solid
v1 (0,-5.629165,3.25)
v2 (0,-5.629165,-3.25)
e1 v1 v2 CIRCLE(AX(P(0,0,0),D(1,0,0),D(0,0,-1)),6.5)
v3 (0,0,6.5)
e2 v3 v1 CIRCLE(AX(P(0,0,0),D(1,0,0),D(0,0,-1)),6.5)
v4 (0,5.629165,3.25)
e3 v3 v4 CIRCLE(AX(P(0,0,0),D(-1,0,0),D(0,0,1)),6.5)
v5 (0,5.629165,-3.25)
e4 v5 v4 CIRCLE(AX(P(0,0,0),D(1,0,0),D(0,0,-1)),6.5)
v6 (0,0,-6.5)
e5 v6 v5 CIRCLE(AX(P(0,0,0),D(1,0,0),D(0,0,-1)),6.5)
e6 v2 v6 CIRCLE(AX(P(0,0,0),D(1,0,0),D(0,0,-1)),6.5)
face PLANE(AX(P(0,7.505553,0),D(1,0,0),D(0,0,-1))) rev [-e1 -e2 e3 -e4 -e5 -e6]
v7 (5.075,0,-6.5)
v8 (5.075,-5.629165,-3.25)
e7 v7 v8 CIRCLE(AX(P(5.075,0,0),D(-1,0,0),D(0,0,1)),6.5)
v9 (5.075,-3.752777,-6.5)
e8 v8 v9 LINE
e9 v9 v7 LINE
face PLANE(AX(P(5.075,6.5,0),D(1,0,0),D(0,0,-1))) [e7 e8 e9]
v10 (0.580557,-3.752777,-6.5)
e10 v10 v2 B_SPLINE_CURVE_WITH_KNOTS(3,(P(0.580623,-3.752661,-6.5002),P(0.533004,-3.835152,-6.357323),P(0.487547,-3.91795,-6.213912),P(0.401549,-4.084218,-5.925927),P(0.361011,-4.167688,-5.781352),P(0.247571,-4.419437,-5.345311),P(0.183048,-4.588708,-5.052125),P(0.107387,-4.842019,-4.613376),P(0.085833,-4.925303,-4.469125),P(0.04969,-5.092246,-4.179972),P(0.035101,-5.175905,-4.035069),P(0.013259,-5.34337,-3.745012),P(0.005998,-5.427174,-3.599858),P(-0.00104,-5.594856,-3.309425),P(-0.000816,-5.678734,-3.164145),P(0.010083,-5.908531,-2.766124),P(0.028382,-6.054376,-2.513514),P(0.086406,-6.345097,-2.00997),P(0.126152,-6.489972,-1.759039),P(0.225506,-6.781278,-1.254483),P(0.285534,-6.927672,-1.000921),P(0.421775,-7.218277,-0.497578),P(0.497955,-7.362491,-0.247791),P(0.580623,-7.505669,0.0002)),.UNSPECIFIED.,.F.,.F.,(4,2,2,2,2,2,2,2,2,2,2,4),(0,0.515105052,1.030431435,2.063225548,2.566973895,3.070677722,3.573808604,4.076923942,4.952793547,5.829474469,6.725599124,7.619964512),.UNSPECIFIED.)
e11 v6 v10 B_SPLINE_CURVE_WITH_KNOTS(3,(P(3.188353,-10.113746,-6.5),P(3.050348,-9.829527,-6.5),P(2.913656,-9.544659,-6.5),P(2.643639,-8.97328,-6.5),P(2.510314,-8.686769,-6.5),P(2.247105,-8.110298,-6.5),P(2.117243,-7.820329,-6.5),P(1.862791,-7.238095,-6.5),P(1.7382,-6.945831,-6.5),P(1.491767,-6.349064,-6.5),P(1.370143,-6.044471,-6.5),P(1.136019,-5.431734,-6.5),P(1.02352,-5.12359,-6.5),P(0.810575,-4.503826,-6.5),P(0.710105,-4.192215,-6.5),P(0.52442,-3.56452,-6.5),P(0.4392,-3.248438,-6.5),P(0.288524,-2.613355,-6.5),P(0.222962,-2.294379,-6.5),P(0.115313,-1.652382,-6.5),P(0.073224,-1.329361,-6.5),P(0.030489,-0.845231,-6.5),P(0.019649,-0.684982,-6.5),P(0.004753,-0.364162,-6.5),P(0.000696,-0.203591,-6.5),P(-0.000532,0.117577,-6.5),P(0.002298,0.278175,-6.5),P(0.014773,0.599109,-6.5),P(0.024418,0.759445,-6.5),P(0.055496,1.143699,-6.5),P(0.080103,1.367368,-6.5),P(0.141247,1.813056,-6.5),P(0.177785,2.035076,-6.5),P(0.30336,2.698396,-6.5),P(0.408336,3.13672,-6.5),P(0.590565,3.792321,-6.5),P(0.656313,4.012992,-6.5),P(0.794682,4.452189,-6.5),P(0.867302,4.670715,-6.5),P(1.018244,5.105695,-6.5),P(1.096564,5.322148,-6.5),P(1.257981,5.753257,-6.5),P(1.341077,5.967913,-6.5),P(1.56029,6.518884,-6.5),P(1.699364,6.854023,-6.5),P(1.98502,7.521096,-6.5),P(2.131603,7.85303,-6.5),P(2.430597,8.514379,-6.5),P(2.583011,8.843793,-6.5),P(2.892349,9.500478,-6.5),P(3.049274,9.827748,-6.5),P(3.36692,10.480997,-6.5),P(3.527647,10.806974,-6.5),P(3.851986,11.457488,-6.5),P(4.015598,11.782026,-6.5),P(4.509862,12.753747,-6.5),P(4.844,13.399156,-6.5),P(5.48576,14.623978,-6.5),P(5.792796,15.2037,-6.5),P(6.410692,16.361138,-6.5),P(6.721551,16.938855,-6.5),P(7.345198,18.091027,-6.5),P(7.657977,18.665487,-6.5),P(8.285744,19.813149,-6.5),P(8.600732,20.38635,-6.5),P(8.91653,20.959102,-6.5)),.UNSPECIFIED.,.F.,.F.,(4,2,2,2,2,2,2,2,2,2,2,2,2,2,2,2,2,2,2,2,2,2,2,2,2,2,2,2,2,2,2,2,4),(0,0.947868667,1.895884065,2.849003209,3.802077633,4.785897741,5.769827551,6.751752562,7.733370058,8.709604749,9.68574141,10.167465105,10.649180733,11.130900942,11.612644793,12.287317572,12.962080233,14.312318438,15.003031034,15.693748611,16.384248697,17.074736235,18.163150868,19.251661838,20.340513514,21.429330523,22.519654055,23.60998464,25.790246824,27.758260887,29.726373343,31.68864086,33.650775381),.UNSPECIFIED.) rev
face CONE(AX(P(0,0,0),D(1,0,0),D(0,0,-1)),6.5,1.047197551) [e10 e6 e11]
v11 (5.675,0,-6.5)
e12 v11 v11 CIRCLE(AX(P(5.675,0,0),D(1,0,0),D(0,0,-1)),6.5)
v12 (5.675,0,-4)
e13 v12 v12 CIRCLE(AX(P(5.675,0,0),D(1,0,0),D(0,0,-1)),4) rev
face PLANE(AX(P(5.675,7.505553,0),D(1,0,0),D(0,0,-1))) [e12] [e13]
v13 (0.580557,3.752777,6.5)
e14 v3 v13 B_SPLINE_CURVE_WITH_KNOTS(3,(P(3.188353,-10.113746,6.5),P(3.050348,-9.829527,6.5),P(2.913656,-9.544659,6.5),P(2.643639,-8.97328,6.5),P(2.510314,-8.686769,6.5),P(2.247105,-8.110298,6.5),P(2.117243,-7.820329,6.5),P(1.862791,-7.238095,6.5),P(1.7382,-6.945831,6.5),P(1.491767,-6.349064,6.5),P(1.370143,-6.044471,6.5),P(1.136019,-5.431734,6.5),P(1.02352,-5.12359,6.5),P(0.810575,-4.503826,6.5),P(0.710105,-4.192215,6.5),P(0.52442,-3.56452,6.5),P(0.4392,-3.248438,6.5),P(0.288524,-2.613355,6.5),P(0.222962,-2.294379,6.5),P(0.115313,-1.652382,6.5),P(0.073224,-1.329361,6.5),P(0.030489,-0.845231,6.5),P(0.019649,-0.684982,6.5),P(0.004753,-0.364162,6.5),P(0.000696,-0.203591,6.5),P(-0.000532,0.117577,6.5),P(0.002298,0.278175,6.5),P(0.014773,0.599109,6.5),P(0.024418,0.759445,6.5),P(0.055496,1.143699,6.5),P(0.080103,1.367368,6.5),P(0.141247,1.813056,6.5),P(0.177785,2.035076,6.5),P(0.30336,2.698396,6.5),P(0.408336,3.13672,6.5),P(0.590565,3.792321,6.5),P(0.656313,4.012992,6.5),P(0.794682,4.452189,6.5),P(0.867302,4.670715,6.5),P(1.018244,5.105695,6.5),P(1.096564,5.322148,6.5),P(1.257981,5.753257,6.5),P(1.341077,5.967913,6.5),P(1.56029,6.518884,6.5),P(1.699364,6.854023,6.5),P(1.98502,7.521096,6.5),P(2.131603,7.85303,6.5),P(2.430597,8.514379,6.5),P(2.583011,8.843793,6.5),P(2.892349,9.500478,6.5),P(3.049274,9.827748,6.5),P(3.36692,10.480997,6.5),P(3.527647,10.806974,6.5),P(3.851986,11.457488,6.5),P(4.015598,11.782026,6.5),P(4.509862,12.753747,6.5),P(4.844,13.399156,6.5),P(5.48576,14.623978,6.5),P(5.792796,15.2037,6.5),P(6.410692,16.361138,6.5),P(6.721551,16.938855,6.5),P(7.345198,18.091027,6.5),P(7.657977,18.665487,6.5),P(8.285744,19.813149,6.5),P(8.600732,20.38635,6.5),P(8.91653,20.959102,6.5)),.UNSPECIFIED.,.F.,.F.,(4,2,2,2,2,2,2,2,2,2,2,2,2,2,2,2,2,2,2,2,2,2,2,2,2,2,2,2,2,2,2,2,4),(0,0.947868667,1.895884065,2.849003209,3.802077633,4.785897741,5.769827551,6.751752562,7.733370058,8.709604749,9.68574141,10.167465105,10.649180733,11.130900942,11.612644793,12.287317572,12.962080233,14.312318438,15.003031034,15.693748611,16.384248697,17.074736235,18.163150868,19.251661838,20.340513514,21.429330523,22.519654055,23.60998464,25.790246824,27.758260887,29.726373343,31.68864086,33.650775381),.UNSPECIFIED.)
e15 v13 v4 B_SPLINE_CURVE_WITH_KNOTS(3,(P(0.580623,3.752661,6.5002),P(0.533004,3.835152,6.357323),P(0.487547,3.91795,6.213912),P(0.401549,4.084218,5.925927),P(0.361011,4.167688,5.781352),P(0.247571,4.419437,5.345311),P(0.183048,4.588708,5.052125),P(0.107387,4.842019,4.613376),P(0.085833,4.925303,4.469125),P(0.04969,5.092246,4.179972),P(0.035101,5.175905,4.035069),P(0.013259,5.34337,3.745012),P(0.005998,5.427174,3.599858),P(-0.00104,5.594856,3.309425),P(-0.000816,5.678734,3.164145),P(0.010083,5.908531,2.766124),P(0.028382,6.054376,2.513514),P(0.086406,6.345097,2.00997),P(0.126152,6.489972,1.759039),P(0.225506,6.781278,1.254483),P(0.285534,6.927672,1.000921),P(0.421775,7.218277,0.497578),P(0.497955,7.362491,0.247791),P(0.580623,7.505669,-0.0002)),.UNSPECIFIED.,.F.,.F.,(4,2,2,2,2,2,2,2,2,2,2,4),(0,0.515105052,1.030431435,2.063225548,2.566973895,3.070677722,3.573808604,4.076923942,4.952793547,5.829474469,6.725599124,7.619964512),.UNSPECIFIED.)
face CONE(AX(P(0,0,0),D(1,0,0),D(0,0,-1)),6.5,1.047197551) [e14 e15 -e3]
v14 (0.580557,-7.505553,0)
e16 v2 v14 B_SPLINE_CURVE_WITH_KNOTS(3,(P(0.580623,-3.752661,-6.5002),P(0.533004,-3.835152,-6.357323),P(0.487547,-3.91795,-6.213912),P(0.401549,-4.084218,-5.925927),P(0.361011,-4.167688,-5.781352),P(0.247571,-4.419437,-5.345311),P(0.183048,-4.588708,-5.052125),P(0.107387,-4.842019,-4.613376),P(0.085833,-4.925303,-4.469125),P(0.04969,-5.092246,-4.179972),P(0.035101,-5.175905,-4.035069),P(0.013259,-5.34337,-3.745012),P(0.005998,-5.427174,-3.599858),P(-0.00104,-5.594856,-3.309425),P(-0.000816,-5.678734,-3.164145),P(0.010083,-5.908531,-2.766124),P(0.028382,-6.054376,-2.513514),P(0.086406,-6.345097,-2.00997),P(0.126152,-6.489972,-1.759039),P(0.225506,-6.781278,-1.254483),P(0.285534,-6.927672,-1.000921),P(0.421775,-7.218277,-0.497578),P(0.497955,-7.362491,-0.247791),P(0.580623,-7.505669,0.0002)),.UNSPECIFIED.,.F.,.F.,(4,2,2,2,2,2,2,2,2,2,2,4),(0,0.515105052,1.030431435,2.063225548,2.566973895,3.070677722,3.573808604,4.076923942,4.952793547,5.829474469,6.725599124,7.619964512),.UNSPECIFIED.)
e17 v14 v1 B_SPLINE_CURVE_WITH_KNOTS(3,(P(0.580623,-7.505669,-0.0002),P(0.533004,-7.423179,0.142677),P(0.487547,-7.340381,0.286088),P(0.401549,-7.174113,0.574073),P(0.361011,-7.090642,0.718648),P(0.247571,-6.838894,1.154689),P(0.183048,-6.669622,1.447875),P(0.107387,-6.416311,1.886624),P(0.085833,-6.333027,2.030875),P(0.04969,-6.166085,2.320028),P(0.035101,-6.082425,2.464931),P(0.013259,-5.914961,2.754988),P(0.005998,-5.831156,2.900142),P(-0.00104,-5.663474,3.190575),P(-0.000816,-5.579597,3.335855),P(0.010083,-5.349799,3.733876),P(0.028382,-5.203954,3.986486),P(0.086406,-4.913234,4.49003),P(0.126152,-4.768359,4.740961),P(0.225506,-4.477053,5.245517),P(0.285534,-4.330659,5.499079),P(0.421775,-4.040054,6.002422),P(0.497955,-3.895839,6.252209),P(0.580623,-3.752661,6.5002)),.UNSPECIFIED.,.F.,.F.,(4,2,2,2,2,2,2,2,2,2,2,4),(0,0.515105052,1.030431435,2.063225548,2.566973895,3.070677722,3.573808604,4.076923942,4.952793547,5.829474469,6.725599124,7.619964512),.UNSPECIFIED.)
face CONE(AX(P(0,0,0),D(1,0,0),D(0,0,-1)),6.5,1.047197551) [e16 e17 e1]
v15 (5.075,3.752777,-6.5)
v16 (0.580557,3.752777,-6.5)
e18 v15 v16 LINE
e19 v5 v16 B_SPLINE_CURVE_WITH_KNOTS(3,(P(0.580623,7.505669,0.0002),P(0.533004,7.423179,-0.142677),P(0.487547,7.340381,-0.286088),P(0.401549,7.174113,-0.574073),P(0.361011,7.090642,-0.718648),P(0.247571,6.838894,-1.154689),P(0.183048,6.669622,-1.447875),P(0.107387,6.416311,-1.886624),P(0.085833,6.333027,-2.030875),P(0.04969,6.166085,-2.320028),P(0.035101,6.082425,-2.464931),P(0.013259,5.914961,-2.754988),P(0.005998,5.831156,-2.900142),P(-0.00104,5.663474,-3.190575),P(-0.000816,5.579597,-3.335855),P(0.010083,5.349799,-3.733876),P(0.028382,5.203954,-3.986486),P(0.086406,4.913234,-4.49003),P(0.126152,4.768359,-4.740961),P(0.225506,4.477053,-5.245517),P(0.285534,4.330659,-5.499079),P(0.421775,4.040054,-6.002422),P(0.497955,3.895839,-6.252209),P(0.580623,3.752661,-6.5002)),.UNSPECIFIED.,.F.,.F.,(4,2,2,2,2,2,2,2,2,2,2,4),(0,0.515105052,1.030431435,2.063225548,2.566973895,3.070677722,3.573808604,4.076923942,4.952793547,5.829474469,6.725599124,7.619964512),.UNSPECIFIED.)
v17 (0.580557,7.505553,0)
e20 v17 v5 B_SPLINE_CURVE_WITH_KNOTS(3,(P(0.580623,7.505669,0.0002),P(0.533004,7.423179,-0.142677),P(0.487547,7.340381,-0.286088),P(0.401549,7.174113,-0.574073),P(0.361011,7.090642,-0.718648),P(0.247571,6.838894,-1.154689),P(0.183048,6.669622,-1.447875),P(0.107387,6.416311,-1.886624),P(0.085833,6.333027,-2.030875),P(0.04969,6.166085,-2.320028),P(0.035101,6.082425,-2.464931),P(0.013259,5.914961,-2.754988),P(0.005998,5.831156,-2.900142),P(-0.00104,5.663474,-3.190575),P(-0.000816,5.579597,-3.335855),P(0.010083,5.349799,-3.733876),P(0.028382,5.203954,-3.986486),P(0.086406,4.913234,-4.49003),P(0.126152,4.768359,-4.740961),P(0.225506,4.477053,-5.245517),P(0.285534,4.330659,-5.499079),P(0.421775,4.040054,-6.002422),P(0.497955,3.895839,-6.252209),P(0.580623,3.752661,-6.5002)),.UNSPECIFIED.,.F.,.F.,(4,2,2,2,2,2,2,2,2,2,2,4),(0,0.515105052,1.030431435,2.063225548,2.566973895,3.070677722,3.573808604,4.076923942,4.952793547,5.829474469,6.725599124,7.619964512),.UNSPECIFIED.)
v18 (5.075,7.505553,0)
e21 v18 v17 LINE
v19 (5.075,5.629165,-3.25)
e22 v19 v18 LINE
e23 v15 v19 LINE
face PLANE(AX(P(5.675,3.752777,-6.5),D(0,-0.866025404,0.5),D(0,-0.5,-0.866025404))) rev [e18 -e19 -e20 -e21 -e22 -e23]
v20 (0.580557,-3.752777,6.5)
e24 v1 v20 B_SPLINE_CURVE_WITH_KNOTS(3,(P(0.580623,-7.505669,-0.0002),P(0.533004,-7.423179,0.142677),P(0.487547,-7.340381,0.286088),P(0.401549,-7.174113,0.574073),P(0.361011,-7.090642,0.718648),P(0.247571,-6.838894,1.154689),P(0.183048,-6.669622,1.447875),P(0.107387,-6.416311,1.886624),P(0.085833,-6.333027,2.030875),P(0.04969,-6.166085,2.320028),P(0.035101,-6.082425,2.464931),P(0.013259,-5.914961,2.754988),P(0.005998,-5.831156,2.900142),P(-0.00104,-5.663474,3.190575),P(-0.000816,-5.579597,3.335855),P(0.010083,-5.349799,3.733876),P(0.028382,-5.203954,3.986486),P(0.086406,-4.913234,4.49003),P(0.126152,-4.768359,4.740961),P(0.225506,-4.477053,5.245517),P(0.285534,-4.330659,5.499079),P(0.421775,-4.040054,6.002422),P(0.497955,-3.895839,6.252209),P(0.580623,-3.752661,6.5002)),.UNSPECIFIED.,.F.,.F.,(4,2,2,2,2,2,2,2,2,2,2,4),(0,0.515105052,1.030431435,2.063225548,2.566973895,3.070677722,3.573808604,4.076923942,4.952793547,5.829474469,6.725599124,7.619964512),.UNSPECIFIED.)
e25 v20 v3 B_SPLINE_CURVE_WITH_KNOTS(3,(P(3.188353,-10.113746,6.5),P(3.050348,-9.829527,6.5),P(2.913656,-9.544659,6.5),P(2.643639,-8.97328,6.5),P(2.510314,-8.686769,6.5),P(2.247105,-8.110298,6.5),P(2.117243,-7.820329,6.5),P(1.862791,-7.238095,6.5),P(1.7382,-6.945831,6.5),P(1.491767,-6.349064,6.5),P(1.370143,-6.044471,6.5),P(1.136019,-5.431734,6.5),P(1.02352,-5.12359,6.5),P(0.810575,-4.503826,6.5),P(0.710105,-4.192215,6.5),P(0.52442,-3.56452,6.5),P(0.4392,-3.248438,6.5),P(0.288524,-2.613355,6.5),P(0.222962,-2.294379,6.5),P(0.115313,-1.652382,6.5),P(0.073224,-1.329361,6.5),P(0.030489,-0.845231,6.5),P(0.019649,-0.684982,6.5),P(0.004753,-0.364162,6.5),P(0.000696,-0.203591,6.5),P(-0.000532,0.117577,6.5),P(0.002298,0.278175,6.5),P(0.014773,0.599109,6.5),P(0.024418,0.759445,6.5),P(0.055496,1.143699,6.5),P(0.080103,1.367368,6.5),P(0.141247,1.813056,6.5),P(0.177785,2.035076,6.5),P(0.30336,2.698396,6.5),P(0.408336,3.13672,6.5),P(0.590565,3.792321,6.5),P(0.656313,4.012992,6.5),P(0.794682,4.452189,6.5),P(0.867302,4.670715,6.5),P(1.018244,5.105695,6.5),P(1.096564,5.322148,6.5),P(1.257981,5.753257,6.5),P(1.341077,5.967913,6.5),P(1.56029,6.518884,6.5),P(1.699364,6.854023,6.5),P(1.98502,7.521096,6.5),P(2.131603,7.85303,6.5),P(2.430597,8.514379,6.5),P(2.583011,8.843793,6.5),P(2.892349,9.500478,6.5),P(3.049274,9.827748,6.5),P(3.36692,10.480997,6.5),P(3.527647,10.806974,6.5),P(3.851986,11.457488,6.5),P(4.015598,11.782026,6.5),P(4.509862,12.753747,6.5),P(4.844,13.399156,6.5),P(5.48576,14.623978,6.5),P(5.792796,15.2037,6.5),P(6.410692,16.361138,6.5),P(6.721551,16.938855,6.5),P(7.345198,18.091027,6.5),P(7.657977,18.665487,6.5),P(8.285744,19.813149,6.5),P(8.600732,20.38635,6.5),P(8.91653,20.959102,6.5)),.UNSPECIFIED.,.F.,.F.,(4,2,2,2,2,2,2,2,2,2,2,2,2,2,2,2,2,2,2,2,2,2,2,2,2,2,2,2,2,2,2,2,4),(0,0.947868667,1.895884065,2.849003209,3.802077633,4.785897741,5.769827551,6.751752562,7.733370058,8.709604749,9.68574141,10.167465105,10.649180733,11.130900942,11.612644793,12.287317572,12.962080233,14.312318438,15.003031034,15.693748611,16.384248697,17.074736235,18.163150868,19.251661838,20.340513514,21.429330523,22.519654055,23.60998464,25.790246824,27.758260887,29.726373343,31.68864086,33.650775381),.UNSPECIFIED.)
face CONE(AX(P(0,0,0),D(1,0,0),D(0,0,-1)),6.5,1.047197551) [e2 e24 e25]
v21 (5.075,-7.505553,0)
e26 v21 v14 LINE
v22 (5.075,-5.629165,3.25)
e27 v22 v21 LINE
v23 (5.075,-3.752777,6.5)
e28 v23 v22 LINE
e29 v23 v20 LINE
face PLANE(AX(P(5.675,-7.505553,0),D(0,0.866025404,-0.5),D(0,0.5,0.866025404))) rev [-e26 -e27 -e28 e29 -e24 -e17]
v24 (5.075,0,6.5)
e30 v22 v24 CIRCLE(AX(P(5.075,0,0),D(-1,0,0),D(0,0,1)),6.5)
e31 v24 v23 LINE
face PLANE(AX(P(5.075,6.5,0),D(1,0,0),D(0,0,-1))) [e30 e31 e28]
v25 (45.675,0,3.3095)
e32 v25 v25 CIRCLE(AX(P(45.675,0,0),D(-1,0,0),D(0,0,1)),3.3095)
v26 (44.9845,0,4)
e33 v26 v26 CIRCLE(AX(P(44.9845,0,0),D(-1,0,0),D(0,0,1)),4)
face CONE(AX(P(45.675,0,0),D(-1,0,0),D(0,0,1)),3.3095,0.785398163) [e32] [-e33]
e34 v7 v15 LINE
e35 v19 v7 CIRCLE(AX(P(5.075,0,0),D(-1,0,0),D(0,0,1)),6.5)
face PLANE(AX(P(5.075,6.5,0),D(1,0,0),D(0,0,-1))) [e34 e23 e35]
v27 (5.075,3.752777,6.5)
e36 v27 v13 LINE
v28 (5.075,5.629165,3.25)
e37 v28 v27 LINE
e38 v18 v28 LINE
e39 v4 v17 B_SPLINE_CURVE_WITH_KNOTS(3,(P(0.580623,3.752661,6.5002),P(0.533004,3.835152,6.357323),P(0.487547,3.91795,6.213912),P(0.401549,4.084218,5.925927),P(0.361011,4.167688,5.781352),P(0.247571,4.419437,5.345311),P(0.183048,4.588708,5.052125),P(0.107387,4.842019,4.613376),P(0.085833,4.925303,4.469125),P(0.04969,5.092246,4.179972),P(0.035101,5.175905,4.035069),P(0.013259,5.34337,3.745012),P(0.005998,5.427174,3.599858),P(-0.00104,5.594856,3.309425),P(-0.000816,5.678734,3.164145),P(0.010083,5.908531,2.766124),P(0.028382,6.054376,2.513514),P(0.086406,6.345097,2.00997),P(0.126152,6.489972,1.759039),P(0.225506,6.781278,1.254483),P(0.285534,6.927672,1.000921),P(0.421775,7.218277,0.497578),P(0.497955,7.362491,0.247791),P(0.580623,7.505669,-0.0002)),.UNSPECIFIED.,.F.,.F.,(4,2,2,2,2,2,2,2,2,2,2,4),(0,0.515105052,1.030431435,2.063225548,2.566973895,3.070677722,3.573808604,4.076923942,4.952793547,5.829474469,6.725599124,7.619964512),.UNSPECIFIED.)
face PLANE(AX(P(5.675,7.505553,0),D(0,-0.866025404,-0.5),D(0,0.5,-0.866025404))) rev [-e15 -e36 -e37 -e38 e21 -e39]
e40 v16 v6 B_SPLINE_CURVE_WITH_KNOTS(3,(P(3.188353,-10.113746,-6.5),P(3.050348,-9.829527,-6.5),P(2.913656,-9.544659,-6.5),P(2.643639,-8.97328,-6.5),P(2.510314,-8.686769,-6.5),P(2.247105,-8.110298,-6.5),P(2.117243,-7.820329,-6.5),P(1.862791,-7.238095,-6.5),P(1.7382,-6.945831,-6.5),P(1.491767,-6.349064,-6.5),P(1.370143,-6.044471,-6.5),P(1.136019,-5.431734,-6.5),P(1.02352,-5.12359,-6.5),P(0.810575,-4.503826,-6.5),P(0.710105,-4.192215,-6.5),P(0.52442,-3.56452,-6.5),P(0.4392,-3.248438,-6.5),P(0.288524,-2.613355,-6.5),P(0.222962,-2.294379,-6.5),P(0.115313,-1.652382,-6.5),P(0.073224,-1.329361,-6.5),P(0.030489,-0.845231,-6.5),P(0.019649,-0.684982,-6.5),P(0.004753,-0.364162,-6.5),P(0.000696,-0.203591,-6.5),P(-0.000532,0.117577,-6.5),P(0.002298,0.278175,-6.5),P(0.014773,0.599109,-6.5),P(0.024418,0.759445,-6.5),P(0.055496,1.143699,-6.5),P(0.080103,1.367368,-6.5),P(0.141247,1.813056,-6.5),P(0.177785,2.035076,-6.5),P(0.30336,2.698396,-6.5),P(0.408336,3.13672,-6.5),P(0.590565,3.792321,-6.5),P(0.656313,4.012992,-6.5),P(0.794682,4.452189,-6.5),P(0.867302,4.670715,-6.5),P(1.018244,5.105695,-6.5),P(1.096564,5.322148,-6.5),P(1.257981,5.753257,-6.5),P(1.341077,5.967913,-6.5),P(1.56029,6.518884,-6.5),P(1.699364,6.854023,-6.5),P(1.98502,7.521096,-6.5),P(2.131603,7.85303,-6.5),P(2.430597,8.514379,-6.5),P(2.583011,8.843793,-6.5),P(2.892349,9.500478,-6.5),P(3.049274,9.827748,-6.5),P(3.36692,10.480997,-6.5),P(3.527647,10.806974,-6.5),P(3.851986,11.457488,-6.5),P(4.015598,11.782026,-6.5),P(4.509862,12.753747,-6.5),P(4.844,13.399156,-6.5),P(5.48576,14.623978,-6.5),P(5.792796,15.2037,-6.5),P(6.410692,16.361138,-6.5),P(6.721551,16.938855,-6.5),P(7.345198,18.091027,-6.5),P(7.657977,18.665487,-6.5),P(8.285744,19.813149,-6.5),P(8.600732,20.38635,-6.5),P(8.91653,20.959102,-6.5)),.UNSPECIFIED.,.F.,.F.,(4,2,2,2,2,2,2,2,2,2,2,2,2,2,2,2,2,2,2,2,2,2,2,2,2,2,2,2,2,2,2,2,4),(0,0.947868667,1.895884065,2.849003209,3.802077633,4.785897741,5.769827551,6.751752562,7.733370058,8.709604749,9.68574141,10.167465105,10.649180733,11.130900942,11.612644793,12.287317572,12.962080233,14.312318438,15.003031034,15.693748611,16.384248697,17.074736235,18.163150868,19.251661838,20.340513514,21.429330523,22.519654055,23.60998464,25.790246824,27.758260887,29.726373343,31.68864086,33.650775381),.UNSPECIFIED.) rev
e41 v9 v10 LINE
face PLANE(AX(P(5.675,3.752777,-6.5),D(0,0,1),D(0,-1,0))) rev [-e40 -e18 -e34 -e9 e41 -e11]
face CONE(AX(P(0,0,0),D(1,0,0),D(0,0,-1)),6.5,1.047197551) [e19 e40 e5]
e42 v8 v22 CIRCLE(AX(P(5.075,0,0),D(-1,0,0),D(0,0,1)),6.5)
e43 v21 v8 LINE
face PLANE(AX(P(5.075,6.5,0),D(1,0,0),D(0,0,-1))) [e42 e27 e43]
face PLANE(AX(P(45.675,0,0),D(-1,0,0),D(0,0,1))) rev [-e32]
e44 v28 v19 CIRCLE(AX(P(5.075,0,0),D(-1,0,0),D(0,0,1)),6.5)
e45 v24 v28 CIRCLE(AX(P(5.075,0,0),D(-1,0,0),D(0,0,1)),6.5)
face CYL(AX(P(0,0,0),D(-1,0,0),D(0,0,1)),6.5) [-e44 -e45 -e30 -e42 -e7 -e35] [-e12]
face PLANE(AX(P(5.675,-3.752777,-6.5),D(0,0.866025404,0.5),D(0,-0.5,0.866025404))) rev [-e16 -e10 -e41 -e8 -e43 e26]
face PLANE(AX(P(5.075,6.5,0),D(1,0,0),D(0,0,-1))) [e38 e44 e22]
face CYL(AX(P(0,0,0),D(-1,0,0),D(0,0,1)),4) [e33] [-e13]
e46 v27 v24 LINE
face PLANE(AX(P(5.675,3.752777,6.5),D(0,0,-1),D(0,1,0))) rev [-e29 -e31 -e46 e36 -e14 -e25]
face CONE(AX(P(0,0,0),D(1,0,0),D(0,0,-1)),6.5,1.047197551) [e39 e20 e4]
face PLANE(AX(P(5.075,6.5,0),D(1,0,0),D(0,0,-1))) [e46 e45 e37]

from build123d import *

# Parameters (mm, degrees)
BASEHEAD_DEPTH = 5.675
SKETCH4_W      = 0.6
SKETCH4_H      = 11.005553499


with BuildPart() as part:
    # Sketch1 → BaseHead (new body)
    with BuildSketch(Plane(origin=(0, 0, 0), x_dir=(0, 0, -1), z_dir=(1, 0, 0))):
        Polygon((6.5, 3.75277675), (6.5, -3.75277675), (0, -7.505553499), (-6.5, -3.75277675), (-6.5, 3.75277675), (0, 7.505553499), align=None)
    extrude(amount=BASEHEAD_DEPTH)

    # BodySke → BaseBody (revolve)
    with BuildSketch(Plane.XY, mode=Mode.PRIVATE) as basebody_sk:
        Polygon((0, 0), (45.675, 0), (45.675, 3.3095), (44.9845, 4), (0, 4), align=None)
    revolve(basebody_sk.sketch.rotate(Axis((0, 0, 0), (1, 0, 0)), 90), axis=Axis((0, 0, 0), (1, 0, 0)))

    # Sketch3 → HeadChamfer (revolve, cut)
    with BuildSketch(Plane.XY):
        Polygon((0, 6.5), (3.46730793, 12.505553499), (3.46730793, 17.505553499), (-10, 17.505553499), (-10, 6.5), align=None)
    revolve(axis=Axis((0, 0, 0), (1, 0, 0)), mode=Mode.SUBTRACT)

    # Sketch4 → BearingFace (revolve, cut)
    with BuildSketch(Plane.XY, mode=Mode.PRIVATE) as bearingface_sk:
        with Locations((5.375, 12.00277675)):
            Rectangle(SKETCH4_W, SKETCH4_H)
    revolve(bearingface_sk.sketch.rotate(Axis((0, 0, 0), (1, 0, 0)), 270), axis=Axis((0, 0, 0), (1, 0, 0)), mode=Mode.SUBTRACT)


solid = part.part
